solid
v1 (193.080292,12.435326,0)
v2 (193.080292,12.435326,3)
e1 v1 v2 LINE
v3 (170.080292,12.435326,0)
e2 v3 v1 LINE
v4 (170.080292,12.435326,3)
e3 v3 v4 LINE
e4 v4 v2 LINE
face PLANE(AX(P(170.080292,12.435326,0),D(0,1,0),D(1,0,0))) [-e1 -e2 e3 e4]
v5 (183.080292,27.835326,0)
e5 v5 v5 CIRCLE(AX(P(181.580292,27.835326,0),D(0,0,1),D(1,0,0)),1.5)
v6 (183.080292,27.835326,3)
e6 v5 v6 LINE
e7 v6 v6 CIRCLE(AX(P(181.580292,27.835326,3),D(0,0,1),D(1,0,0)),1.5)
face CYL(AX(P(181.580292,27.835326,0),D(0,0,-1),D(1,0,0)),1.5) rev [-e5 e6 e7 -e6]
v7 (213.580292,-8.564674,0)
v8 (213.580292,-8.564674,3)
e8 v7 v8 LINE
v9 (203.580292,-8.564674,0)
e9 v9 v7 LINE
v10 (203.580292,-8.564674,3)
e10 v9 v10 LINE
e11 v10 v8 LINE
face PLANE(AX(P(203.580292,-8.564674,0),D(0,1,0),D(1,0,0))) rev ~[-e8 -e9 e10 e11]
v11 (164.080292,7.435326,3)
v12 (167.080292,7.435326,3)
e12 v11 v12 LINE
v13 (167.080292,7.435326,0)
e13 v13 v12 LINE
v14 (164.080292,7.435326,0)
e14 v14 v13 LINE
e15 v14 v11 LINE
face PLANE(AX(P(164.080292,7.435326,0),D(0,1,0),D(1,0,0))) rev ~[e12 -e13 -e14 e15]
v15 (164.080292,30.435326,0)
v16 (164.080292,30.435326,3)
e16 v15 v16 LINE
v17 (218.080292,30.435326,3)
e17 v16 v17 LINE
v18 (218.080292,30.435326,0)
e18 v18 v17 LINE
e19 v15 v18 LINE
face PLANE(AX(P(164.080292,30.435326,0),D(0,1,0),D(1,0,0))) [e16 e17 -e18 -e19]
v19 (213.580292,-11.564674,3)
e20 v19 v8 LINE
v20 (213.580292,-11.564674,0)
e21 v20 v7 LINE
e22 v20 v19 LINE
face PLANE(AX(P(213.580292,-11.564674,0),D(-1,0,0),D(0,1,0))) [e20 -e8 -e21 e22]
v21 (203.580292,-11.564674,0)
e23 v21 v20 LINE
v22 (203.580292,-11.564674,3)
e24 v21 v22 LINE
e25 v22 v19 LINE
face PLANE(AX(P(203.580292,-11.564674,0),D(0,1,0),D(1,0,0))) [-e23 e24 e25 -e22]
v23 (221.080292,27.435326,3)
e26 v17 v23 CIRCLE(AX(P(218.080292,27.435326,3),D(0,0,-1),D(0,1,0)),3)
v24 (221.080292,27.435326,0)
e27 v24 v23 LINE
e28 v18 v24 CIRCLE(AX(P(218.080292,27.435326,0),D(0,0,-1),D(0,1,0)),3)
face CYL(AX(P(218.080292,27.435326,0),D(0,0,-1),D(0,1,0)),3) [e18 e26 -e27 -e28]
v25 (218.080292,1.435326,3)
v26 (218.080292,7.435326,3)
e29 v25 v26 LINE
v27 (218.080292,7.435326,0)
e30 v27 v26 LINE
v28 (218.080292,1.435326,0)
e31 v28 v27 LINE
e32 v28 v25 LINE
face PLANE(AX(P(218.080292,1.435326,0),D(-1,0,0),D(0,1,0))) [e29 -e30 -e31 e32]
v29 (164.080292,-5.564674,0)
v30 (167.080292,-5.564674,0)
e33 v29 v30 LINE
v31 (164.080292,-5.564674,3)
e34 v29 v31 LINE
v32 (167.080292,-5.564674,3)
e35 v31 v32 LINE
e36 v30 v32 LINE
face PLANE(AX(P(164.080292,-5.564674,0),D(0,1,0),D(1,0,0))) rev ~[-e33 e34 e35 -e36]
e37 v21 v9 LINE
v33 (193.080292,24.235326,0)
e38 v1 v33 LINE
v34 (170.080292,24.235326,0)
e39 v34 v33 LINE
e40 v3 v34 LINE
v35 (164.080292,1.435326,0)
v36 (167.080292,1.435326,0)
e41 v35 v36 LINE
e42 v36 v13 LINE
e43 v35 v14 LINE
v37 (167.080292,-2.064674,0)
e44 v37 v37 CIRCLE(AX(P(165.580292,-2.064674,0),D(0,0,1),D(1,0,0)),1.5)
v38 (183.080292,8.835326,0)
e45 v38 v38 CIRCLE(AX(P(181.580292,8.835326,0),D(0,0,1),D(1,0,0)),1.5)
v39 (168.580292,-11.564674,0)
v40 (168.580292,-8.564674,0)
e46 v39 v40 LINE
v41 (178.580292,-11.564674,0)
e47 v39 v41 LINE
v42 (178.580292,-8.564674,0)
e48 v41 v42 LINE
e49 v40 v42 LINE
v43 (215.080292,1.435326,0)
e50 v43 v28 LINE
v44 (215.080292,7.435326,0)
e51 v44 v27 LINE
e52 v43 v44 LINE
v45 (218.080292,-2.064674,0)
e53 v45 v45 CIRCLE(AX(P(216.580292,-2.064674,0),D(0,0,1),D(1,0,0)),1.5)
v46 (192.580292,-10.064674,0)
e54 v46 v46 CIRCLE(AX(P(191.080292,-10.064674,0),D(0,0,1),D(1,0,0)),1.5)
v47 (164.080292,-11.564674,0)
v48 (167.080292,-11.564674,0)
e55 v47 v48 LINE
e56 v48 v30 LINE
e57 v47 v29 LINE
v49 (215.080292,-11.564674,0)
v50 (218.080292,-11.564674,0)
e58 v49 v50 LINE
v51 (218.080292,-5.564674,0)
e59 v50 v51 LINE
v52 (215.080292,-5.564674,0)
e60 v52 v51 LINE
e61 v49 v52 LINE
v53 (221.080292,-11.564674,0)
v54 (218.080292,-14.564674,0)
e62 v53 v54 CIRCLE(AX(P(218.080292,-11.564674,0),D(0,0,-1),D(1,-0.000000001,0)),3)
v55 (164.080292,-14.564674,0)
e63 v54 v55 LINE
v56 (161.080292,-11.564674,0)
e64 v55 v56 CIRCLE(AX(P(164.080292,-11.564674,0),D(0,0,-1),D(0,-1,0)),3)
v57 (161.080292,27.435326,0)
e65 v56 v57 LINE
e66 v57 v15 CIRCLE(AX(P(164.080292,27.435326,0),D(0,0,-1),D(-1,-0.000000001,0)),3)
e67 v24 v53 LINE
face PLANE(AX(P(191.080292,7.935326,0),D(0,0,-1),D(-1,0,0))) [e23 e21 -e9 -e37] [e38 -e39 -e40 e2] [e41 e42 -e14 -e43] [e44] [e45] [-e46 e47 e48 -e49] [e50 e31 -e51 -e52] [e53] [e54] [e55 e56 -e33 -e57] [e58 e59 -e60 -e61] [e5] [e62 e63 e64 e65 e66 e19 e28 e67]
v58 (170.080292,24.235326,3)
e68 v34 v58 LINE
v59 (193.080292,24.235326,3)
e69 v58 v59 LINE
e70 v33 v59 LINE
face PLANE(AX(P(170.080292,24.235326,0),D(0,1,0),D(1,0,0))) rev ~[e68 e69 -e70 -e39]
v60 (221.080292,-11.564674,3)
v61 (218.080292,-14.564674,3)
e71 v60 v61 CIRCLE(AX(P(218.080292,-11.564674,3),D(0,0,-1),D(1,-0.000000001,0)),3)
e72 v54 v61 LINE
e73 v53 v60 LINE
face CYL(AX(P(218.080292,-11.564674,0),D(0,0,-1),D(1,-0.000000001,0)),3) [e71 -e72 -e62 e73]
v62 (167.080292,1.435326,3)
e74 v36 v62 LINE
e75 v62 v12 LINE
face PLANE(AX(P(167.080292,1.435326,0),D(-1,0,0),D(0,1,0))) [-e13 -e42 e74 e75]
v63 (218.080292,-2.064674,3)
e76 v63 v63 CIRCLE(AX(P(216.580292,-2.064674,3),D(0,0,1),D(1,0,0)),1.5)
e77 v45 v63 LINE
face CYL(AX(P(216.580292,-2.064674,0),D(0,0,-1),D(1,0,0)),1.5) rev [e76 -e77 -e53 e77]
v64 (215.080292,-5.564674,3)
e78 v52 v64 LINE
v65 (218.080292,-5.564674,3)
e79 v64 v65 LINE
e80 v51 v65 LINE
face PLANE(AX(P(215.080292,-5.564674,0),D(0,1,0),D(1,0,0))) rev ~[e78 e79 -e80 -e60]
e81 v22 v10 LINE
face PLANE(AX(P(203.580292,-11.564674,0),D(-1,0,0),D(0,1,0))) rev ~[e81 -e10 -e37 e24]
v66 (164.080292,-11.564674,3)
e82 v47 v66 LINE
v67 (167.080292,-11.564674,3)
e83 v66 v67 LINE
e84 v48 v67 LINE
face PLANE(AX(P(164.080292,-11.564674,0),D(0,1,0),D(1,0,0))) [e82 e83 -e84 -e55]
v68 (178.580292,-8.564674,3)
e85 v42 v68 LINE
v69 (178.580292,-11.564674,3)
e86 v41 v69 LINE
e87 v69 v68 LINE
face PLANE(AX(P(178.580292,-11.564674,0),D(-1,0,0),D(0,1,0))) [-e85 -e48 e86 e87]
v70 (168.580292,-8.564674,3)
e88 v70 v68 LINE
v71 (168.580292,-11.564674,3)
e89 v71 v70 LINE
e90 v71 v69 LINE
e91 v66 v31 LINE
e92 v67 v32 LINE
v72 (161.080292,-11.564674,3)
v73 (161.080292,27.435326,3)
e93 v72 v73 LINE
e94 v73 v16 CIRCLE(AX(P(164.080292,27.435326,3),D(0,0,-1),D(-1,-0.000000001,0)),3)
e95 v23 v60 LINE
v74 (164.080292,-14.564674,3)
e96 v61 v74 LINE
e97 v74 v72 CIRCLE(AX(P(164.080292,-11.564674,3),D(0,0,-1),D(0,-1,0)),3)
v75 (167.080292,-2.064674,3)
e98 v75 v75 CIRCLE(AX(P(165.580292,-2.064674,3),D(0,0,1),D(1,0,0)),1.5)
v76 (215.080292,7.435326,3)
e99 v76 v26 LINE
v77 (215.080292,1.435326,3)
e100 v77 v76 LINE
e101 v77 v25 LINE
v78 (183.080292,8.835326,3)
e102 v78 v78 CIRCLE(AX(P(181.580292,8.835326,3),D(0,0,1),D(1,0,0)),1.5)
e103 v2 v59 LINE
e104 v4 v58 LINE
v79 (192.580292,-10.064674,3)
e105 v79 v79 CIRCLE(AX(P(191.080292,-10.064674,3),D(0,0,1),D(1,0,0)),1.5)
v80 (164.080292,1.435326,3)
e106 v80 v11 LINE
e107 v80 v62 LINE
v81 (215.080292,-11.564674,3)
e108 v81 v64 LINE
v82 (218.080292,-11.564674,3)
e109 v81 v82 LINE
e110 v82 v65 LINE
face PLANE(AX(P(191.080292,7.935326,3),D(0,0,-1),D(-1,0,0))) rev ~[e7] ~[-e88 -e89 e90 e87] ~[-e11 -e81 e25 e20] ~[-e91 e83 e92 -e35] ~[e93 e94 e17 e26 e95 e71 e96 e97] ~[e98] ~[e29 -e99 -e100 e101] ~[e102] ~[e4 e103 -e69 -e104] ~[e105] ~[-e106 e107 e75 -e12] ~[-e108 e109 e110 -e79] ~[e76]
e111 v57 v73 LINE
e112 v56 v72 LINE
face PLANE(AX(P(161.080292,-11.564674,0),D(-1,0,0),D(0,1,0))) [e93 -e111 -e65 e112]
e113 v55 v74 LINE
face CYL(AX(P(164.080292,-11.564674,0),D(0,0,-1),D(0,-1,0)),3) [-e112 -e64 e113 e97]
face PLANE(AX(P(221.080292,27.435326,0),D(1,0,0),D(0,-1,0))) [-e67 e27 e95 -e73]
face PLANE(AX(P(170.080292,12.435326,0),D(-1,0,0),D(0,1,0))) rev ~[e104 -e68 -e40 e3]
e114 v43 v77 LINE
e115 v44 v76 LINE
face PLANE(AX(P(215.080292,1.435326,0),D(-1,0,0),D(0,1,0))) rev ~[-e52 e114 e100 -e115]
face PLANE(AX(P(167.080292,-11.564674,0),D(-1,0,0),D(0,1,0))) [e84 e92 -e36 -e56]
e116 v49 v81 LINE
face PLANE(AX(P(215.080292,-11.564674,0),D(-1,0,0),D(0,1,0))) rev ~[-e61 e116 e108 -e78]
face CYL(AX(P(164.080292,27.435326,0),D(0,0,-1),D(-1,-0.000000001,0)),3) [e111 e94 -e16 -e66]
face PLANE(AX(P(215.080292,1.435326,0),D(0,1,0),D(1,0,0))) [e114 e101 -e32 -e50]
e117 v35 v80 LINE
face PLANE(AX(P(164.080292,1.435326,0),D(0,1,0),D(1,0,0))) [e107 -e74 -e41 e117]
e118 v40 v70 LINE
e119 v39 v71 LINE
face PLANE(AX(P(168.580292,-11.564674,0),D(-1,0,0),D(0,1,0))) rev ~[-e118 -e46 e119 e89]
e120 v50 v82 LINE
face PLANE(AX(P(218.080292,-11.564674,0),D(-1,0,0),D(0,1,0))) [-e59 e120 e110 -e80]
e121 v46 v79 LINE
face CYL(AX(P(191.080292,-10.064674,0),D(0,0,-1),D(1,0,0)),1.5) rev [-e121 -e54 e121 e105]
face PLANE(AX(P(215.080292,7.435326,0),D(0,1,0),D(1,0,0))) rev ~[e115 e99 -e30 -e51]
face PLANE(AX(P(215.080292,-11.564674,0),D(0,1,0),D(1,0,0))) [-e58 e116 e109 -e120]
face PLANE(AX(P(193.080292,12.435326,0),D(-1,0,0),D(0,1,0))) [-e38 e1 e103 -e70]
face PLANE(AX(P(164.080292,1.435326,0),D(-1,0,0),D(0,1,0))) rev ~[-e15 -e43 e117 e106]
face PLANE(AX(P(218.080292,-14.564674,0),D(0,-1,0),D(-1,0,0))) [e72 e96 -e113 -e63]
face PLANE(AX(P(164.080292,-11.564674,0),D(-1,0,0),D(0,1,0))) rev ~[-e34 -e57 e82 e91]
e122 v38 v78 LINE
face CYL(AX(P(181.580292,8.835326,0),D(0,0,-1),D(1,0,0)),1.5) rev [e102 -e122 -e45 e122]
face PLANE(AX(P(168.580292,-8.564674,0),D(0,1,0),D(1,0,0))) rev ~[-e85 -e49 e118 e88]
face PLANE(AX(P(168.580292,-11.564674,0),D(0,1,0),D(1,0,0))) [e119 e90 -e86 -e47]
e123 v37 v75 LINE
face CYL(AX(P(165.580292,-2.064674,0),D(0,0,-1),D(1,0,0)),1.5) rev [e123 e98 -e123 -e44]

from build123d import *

# Parameters (mm, degrees)
ESQUISSE12_R        = 1.5
ESQUISSE12_W        = 3
ESQUISSE12_H        = 6
ESQUISSE12_W_2      = 10
ESQUISSE12_H_2      = 3
ESQUISSE12_W_3      = 23
ESQUISSE12_H_3      = 11.8
BOSS_EXTRU_12_DEPTH = 3


with BuildPart() as part:
    # Esquisse12 → Boss.-Extru.12 (new body)
    with BuildSketch(Plane.XY):
        with BuildLine():
            Line((218.080291561, -14.564673514), (164.080291561, -14.564673514))
            ThreePointArc((164.080291561, -14.564673514), (161.958971217, -13.685993857), (161.080291561, -11.564673514))
            Line((161.080291561, -11.564673514), (161.080291561, 27.435326486))
            ThreePointArc((161.080291561, 27.435326486), (161.958971217, 29.55664683), (164.080291561, 30.435326486))
            Line((164.080291561, 30.435326486), (218.080291561, 30.435326486))
            ThreePointArc((218.080291561, 30.435326486), (220.201611904, 29.55664683), (221.080291561, 27.435326486))
            Line((221.080291561, 27.435326486), (221.080291561, -11.564673514))
            ThreePointArc((221.080291561, -11.564673514), (220.201611904, -13.685993857), (218.080291561, -14.564673514))
        make_face()
        with Locations((191.080291561, -10.064673514)):
            Circle(ESQUISSE12_R, mode=Mode.SUBTRACT)
        with Locations((181.580291561, 8.835326486)):
            Circle(ESQUISSE12_R, mode=Mode.SUBTRACT)
        with Locations((181.580291561, 27.835326486)):
            Circle(ESQUISSE12_R, mode=Mode.SUBTRACT)
        with Locations((216.580291561, -2.064673514)):
            Circle(ESQUISSE12_R, mode=Mode.SUBTRACT)
        with Locations((165.580291561, -2.064673514)):
            Circle(ESQUISSE12_R, mode=Mode.SUBTRACT)
        with Locations((165.580291561, -8.564673514)):
            Rectangle(ESQUISSE12_W, ESQUISSE12_H, mode=Mode.SUBTRACT)
        with Locations((173.580291561, -10.064673514)):
            Rectangle(ESQUISSE12_W_2, ESQUISSE12_H_2, mode=Mode.SUBTRACT)
        with Locations((216.580291561, -8.564673514)):
            Rectangle(ESQUISSE12_W, ESQUISSE12_H, mode=Mode.SUBTRACT)
        with Locations((208.580291561, -10.064673514)):
            Rectangle(ESQUISSE12_W_2, ESQUISSE12_H_2, mode=Mode.SUBTRACT)
        with Locations((165.580291561, 4.435326486)):
            Rectangle(ESQUISSE12_W, ESQUISSE12_H, mode=Mode.SUBTRACT)
        with Locations((216.580291561, 4.435326486)):
            Rectangle(ESQUISSE12_W, ESQUISSE12_H, mode=Mode.SUBTRACT)
        with Locations((181.580291561, 18.335326486)):
            Rectangle(ESQUISSE12_W_3, ESQUISSE12_H_3, mode=Mode.SUBTRACT)
    extrude(amount=BOSS_EXTRU_12_DEPTH)


solid = part.part
